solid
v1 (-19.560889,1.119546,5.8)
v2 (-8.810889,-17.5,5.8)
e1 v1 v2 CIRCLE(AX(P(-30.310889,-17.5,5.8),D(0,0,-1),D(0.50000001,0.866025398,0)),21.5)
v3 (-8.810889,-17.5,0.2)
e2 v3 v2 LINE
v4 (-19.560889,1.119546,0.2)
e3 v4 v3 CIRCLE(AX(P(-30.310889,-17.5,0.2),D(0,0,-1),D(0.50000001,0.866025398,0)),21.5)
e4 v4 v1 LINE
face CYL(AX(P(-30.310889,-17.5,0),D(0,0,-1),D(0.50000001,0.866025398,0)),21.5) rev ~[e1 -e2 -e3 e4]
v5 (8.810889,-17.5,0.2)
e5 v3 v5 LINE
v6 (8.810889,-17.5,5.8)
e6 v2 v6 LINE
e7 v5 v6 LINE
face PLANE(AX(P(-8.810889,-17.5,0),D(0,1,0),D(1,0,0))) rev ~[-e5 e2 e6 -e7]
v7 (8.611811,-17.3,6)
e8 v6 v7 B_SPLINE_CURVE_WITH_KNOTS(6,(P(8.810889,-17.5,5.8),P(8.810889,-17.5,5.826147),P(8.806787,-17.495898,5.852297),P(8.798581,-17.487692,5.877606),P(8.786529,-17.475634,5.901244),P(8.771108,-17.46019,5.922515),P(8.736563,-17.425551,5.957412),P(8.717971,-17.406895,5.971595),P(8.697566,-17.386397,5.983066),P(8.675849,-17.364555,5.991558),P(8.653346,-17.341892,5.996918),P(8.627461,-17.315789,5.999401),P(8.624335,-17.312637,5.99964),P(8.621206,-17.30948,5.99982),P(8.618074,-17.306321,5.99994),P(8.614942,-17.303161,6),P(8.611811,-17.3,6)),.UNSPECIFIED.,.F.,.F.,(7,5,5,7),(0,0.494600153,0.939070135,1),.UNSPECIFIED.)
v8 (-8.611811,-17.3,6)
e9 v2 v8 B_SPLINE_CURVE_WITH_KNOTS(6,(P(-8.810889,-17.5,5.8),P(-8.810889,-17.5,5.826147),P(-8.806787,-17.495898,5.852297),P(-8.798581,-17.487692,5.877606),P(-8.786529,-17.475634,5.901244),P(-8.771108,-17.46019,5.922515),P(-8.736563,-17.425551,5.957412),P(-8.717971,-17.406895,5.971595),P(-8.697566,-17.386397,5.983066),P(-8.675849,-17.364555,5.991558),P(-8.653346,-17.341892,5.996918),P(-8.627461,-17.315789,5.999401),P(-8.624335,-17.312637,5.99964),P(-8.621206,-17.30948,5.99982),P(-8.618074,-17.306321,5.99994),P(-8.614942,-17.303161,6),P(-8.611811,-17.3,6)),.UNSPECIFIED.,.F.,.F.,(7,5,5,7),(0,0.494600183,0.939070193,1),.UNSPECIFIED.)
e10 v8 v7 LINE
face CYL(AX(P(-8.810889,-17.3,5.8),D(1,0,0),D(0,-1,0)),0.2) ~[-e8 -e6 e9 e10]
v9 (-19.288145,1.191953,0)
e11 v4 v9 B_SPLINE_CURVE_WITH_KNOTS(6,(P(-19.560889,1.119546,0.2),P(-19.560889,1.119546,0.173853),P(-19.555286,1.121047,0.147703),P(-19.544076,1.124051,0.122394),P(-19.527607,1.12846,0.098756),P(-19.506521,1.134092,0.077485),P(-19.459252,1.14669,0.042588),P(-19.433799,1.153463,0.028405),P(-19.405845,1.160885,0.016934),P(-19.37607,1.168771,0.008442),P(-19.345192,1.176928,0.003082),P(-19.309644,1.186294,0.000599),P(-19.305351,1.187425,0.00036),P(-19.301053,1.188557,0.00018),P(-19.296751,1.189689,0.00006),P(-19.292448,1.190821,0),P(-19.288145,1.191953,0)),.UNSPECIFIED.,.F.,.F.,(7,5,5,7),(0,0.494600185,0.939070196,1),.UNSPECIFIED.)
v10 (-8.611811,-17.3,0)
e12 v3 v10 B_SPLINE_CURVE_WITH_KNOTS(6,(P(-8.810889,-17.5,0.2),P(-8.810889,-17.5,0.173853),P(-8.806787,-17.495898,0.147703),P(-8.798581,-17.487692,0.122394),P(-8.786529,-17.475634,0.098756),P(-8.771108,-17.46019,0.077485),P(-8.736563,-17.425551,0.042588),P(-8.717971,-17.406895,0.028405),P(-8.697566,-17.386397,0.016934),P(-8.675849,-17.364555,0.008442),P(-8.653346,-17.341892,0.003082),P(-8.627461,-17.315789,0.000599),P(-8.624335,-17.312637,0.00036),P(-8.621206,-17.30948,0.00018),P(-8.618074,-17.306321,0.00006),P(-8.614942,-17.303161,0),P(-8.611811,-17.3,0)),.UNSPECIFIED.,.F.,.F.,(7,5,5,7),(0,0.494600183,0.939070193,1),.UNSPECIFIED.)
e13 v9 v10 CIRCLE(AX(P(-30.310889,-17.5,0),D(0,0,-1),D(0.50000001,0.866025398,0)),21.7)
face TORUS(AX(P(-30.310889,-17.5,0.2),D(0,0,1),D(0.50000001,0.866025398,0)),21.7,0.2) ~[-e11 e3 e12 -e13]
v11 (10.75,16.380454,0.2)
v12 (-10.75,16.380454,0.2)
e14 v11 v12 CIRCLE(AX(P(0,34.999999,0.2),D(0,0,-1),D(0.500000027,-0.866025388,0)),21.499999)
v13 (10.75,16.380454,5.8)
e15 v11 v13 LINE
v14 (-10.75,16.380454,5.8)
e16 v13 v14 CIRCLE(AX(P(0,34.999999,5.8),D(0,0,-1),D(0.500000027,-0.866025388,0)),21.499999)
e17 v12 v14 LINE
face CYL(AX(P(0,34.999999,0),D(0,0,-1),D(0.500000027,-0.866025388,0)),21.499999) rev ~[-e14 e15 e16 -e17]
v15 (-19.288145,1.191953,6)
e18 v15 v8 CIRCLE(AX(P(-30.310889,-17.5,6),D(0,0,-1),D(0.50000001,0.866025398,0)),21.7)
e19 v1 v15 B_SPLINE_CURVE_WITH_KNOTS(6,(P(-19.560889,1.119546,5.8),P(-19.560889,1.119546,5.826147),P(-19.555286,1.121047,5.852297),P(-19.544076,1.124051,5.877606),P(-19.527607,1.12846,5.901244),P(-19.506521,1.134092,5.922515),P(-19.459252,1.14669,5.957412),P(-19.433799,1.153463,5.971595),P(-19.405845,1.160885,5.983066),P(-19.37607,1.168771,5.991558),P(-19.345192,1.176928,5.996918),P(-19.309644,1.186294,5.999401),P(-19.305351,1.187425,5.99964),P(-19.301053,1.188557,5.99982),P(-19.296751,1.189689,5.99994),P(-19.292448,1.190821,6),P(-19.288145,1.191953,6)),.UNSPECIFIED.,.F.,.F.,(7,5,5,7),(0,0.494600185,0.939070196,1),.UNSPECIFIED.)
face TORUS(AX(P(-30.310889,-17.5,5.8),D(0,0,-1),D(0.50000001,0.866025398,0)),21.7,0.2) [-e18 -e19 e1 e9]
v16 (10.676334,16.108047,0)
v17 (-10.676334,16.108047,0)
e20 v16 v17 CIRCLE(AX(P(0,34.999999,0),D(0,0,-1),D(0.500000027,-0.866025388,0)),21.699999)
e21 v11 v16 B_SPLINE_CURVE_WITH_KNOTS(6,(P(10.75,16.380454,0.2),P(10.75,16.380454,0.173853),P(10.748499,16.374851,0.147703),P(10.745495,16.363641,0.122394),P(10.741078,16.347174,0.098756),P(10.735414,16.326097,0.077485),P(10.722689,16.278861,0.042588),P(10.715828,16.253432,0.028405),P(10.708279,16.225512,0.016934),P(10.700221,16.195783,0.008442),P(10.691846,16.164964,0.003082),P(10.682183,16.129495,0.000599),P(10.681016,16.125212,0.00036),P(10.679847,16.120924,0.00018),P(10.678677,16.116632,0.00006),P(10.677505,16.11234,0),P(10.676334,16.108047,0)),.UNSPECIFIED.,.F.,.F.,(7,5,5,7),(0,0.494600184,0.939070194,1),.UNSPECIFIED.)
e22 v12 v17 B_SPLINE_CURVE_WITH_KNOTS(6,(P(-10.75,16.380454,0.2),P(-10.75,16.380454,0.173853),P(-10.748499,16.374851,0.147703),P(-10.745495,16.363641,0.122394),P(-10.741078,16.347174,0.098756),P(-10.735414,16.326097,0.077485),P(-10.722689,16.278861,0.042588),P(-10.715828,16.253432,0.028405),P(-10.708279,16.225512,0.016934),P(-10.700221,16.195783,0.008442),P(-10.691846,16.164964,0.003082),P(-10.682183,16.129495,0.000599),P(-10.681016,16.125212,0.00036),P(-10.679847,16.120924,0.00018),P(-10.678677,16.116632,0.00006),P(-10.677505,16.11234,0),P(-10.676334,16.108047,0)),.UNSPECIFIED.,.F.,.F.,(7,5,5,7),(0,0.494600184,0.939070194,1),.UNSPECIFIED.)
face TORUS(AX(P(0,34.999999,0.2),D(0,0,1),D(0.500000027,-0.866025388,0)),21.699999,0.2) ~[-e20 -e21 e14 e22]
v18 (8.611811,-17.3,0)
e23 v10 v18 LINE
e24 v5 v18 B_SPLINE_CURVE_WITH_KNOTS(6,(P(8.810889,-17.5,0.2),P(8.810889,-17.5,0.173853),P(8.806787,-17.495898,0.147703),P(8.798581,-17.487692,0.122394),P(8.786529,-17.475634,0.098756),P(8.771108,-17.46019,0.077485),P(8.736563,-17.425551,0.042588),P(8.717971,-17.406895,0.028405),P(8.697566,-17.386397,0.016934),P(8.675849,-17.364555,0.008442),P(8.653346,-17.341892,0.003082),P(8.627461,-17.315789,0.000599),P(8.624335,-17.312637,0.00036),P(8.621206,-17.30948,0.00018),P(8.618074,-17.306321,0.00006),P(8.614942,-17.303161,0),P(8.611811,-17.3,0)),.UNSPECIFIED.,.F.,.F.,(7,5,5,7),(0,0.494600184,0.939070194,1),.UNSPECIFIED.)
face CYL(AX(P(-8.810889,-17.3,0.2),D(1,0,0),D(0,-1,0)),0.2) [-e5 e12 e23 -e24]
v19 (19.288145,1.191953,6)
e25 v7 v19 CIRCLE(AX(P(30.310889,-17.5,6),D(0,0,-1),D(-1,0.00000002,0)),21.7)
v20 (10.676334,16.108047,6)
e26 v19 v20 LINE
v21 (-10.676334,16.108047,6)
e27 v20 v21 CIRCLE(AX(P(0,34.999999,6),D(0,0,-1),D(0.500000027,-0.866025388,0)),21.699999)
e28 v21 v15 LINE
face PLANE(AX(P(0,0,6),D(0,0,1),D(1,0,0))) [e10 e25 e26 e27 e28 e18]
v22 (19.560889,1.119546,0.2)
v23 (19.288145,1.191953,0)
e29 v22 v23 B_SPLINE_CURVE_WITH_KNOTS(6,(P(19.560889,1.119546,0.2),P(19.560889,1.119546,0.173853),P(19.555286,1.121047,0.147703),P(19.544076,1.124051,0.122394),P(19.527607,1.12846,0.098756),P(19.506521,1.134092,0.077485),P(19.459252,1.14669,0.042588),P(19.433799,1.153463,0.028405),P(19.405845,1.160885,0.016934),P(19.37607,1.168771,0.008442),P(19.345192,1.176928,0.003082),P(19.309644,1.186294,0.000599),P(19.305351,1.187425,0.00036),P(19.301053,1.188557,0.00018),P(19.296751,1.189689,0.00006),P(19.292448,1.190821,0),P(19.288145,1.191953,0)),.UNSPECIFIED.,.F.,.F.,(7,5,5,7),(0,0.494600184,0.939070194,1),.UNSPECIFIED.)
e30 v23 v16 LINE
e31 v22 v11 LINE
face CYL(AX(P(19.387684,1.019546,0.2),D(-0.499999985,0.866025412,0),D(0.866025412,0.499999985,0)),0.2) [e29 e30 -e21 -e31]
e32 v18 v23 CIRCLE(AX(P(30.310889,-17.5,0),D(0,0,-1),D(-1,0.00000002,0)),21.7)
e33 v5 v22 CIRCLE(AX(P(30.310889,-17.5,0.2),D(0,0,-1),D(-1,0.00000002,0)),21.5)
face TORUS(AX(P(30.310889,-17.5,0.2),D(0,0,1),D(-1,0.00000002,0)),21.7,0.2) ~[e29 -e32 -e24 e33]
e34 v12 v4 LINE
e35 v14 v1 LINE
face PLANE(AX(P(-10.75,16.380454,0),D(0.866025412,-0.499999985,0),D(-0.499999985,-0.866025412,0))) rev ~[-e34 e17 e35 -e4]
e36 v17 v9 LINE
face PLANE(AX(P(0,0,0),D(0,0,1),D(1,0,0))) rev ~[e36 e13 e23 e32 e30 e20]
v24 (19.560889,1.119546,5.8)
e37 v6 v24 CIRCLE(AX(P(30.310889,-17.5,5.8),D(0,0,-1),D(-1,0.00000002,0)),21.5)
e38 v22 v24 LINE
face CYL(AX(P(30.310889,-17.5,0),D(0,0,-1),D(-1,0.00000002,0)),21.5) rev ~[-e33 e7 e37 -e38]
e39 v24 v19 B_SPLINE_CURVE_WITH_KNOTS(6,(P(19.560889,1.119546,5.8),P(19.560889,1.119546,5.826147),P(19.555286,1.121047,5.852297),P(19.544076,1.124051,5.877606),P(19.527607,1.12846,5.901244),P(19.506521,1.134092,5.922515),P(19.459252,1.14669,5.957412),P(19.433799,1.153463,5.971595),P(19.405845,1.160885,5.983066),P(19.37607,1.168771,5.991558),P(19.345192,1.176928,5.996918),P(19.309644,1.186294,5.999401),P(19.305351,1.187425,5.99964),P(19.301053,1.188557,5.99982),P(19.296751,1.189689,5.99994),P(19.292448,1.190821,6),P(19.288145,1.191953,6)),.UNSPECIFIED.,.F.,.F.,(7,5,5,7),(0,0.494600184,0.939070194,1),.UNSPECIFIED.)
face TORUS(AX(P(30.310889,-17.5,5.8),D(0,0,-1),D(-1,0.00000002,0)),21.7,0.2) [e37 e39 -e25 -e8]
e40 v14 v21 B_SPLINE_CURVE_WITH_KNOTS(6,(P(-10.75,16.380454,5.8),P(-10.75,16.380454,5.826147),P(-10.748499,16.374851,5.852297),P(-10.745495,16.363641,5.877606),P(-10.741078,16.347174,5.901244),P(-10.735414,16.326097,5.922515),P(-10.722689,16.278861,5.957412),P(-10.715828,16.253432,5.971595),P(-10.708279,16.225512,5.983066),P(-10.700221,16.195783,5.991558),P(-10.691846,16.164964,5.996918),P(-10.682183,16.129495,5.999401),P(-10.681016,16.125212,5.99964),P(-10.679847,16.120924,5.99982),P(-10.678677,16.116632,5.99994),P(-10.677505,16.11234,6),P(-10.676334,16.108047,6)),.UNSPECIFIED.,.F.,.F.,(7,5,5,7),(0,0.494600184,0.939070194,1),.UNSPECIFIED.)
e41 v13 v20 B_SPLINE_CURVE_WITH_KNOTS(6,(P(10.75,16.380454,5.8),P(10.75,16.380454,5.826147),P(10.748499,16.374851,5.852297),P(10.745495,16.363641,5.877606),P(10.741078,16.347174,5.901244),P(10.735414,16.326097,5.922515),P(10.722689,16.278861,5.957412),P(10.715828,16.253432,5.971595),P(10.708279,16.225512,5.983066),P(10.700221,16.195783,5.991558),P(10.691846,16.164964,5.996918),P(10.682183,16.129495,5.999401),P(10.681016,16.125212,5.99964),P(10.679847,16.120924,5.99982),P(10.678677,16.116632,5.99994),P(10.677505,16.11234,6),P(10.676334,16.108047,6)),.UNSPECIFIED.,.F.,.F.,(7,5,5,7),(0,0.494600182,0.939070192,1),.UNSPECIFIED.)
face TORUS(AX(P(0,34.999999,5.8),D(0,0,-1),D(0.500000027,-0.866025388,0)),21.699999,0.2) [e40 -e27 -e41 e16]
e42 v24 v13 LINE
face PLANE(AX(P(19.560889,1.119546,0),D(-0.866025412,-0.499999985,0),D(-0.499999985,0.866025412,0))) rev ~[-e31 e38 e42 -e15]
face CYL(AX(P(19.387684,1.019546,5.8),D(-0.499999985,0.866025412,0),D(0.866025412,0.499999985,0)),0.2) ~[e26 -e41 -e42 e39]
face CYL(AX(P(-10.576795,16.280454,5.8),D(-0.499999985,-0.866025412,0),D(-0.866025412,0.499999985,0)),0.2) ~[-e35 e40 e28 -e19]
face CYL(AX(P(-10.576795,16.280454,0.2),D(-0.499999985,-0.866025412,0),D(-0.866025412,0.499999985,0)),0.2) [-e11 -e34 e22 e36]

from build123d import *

# Parameters (mm, degrees)
F1_DEPTH = 6
F2_R     = 0.2


with BuildPart() as f1:
    # F0 (on Top) → F1 (new body)
    with BuildSketch(Plane.XY):
        with BuildLine():
            Line((19.560889, 1.119546), (10.75, 16.380454))
            ThreePointArc((10.75, 16.380454), (0, 13.5), (-10.75, 16.380454))
            Line((-10.75, 16.380454), (-19.560889, 1.119546))
            ThreePointArc((-19.560889, 1.119546), (-11.691343, -6.75), (-8.810889, -17.5))
            Line((-8.810889, -17.5), (8.810889, -17.5))
            ThreePointArc((8.810889, -17.5), (11.691343, -6.75), (19.560889, 1.119546))
        make_face()
    extrude(amount=F1_DEPTH)

    # F2
    f2_edges = [f1.edges().sort_by_distance(p)[0] for p in [
        (15.155445, 8.75, 6),
        (0, 13.5, 6),
        (-15.155445, 8.75, 6),
        (-11.691343, -6.75, 6),
        (0, -17.5, 6),
        (11.691343, -6.75, 6),
        (15.155445, 8.75, 0),
        (0, 13.5, 0),
        (-15.155445, 8.75, 0),
        (-11.691343, -6.75, 0),
        (0, -17.5, 0),
        (11.691343, -6.75, 0),
    ]]
    fillet(f2_edges, radius=F2_R)


solid = f1.part
